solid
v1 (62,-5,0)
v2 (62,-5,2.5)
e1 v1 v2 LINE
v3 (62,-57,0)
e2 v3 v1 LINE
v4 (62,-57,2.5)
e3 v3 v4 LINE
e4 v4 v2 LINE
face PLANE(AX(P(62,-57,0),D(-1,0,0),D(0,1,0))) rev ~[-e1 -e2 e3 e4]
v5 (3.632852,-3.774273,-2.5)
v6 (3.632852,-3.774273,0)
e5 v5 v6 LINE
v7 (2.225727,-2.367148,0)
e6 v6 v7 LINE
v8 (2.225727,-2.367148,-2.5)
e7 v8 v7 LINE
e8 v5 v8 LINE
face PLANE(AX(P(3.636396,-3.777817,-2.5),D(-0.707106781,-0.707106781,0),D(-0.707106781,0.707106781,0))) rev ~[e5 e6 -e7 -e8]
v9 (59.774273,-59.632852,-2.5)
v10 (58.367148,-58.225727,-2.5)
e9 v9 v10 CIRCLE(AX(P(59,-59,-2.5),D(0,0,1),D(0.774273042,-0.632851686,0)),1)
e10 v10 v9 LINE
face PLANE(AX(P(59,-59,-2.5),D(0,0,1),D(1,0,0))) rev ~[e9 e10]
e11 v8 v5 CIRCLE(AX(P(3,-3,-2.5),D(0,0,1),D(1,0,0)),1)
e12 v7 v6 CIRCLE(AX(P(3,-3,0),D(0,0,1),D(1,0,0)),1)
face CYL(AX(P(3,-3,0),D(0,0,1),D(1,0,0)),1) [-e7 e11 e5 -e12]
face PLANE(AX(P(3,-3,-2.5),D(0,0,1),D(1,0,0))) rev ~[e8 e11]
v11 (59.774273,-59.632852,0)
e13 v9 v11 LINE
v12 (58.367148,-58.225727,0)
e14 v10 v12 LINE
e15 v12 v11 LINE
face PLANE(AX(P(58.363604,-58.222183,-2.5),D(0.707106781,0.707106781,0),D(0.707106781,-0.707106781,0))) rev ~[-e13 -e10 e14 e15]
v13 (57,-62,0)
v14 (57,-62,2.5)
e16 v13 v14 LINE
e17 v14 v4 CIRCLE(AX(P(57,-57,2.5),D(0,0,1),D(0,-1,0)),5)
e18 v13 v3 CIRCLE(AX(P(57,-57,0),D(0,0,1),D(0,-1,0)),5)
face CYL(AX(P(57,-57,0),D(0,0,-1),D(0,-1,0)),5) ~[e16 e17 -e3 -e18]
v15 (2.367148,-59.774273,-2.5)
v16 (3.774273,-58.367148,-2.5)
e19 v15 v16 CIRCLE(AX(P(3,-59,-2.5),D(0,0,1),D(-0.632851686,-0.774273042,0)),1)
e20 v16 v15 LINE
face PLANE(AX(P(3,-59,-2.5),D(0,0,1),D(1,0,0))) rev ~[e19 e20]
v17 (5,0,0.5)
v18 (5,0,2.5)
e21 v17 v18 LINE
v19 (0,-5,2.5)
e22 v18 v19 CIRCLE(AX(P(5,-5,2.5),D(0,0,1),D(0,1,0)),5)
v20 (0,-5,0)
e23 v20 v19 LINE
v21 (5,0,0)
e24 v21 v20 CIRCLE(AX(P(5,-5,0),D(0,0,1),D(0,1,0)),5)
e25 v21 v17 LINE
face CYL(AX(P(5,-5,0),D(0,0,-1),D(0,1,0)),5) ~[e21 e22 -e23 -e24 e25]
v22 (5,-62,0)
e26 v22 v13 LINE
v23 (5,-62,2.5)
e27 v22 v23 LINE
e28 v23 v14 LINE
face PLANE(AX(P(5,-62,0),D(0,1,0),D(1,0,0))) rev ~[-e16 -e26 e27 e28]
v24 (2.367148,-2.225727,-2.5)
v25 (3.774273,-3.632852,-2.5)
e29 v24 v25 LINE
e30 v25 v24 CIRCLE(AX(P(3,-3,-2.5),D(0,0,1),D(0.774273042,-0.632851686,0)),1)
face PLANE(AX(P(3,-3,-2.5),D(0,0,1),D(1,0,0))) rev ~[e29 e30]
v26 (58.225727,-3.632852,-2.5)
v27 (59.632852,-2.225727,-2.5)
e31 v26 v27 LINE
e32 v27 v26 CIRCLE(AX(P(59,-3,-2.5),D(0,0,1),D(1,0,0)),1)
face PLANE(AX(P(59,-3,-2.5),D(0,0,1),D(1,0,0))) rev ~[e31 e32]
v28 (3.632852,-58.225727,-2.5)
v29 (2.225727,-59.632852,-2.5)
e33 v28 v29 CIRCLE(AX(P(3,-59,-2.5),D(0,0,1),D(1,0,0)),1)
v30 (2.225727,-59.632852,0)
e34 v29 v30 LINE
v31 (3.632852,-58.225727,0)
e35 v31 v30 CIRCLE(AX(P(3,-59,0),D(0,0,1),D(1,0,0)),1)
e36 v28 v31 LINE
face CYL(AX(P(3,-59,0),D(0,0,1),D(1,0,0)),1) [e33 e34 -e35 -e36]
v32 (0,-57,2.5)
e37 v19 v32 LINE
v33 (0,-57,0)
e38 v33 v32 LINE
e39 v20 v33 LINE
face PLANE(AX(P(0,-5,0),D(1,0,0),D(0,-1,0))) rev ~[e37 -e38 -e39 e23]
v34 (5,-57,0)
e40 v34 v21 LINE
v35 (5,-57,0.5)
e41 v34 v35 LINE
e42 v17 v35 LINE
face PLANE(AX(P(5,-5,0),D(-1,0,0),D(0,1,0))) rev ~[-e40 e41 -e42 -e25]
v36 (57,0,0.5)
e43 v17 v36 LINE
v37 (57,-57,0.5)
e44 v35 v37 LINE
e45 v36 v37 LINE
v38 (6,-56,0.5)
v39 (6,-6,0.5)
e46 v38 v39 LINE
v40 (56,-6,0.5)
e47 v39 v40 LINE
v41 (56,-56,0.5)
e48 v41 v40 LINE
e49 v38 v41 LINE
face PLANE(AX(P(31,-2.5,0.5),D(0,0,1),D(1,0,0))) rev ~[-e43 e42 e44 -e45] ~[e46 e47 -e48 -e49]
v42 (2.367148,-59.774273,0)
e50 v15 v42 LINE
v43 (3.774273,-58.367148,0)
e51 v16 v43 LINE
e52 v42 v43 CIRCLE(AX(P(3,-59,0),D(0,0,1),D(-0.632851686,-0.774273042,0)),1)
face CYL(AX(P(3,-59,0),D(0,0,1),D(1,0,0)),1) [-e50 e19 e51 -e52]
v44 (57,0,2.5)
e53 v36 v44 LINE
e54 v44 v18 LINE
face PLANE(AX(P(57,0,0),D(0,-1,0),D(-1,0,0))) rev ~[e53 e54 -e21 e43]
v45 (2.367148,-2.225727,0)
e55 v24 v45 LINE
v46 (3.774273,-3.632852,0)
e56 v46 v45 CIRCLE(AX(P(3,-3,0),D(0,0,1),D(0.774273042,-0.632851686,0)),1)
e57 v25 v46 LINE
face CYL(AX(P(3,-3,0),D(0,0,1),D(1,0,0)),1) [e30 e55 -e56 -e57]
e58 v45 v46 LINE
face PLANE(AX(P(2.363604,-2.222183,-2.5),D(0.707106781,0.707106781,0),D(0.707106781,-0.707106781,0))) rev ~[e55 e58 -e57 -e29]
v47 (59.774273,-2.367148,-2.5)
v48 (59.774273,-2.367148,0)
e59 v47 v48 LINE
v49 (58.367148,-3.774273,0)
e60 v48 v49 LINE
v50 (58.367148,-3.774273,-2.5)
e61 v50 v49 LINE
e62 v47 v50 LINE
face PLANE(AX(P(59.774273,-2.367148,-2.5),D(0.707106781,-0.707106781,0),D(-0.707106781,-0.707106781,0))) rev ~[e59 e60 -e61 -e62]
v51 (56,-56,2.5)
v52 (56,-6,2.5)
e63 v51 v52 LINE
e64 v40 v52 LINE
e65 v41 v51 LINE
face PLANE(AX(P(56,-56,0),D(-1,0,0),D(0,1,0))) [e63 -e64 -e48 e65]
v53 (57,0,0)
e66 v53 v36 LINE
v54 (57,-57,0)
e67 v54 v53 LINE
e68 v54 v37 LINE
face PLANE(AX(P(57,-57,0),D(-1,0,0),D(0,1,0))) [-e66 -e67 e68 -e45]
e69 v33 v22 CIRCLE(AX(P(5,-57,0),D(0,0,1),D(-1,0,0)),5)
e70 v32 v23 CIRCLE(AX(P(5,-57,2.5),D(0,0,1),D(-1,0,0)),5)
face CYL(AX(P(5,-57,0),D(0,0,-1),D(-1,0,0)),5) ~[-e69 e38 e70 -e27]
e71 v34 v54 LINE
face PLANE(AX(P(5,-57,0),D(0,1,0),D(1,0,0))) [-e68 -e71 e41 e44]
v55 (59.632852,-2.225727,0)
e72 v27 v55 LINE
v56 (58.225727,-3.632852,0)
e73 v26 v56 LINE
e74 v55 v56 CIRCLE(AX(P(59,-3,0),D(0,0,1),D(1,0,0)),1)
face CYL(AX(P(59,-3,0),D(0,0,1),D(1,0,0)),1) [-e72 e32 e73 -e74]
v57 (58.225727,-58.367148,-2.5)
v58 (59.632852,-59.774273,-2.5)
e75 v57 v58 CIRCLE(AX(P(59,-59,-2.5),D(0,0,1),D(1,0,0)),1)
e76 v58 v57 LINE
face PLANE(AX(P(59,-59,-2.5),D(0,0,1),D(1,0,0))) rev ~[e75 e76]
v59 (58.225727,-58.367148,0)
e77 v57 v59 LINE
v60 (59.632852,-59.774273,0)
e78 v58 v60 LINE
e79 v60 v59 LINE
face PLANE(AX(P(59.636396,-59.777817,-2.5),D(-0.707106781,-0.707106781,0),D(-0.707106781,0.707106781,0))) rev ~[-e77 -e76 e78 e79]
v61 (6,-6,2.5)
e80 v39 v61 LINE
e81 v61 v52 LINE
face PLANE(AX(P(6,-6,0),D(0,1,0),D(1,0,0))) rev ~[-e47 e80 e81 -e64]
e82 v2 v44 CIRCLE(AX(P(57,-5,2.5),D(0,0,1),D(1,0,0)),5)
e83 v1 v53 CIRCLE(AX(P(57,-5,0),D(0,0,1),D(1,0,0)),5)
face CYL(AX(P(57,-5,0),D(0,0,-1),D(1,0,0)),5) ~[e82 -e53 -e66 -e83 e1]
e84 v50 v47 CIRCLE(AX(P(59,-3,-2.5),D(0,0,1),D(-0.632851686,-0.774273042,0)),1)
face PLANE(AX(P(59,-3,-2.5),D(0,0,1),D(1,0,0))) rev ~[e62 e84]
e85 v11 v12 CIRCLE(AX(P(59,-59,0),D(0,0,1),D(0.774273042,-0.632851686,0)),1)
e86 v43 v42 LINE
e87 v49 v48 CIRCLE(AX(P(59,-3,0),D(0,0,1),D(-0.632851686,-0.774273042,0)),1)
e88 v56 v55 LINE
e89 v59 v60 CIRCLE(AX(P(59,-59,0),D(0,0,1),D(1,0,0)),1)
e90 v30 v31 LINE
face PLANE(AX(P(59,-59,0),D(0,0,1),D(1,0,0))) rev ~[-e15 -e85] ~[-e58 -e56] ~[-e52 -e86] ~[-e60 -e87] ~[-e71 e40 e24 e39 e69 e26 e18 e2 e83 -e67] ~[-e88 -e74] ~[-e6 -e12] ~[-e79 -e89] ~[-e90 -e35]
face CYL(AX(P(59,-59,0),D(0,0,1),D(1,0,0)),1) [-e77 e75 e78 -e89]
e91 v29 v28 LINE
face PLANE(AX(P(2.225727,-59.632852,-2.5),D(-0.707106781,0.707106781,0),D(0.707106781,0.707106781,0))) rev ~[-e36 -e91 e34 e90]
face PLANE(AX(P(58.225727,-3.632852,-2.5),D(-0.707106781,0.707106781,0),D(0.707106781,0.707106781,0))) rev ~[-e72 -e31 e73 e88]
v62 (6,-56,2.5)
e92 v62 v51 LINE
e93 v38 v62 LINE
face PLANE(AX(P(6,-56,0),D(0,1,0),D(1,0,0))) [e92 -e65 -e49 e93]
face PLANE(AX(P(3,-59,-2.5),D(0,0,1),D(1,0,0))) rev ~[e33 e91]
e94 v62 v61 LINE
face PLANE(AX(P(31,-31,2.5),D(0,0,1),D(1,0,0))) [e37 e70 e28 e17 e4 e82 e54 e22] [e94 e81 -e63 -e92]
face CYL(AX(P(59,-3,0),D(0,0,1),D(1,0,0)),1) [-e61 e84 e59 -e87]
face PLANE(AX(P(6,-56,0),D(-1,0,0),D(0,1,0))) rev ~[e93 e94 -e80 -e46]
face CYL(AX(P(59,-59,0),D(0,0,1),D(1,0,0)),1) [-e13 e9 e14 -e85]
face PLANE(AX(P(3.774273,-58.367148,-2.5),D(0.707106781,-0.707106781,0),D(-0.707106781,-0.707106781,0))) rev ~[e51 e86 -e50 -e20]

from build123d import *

# Parameters (mm, degrees)
F0_R          = 1
F0_W          = 52
F0_H          = 52
F0_W_2        = 50
F0_H_2        = 50
F1_DEPTH      = 2.5
F2_DEPTH      = 0.5
F3_W          = 52
F3_H          = 5
F4_DEPTH      = 0.5
F5_DEPTH      = 2.5
F5_DEPTH_BACK = 2.5
F7_DEPTH      = 2.5
F9_DEPTH      = 2.5


with BuildPart() as f1:
    # F0 (on Top) → F1 (new body)
    with BuildSketch(Plane.XY):
        with BuildLine():
            Line((57, 0), (5, 0))
            ThreePointArc((5, 0), (1.4644660941, -1.4644660941), (0, -5))
            Line((0, -5), (0, -57))
            ThreePointArc((0, -57), (1.4644660941, -60.5355339059), (5, -62))
            Line((5, -62), (57, -62))
            ThreePointArc((57, -62), (60.5355339059, -60.5355339059), (62, -57))
            Line((62, -57), (62, -5))
            ThreePointArc((62, -5), (60.5355339059, -1.4644660941), (57, 0))
        make_face()
        with Locations((3, -59)):
            Circle(F0_R, mode=Mode.SUBTRACT)
        with Locations((59, -59)):
            Circle(F0_R, mode=Mode.SUBTRACT)
        with Locations((3, -3)):
            Circle(F0_R, mode=Mode.SUBTRACT)
        with Locations((31, -31)):
            Rectangle(F0_W, F0_H, mode=Mode.SUBTRACT)
        with Locations((59, -3)):
            Circle(F0_R, mode=Mode.SUBTRACT)
        with Locations((31, -31)):
            Rectangle(F0_W, F0_H)
        with Locations((31, -31)):
            Rectangle(F0_W_2, F0_H_2, mode=Mode.SUBTRACT)
    extrude(amount=F1_DEPTH)

    # F0 (on Top) → F2 (cut)
    with BuildSketch(Plane.XY):
        with Locations((31, -31)):
            Rectangle(F0_W, F0_H)
        with Locations((31, -31)):
            Rectangle(F0_W_2, F0_H_2, mode=Mode.SUBTRACT)
    extrude(amount=F2_DEPTH, mode=Mode.SUBTRACT)

    # F3 (on face) → F4 (cut)
    with BuildSketch(Plane.XY):
        with Locations((31, -2.5)):
            Rectangle(F3_W, F3_H)
    extrude(amount=F4_DEPTH, mode=Mode.SUBTRACT)

    # F0 (on Top) → F5 (join, two sides)
    with BuildSketch(Plane.XY) as f5_sk:
        with Locations((59, -59)):
            Circle(F0_R)
        with Locations((59, -3)):
            Circle(F0_R)
        with Locations((3, -3)):
            Circle(F0_R)
        with Locations((3, -59)):
            Circle(F0_R)
    extrude(amount=F5_DEPTH)
    extrude(f5_sk.sketch, amount=-F5_DEPTH_BACK)

    # F6 (on face) → F7 (cut)
    with BuildSketch(Plane(origin=(0, 0, -2.5), x_dir=(1, 0, 0), z_dir=(0, 0, -1))):
        with BuildLine():
            ThreePointArc((58.3671483141, 3.7742730421), (58.2928932188, 3.7071067812), (58.2257269579, 3.6328516859))
            Line((58.2257269579, 3.6328516859), (59.6328516859, 2.2257269579))
            ThreePointArc((59.6328516859, 2.2257269579), (59.7071067812, 2.2928932188), (59.7742730421, 2.3671483141))
            Line((59.7742730421, 2.3671483141), (58.3671483141, 3.7742730421))
        make_face()
    extrude(amount=-F7_DEPTH, mode=Mode.SUBTRACT)

    # F8 (on face) → F9 (cut)
    with BuildSketch(Plane(origin=(0, 0, -2.5), x_dir=(1, 0, 0), z_dir=(0, 0, -1))):
        with BuildLine():
            ThreePointArc((58.2221825407, 58.3636038969), (58.2221825407, 58.2221825407), (58.3636038969, 58.2221825407))
            Line((58.3636038969, 58.2221825407), (59.7778174593, 59.6363961031))
            ThreePointArc((59.7778174593, 59.6363961031), (59.7778174593, 59.7778174593), (59.6363961031, 59.7778174593))
            Line((59.6363961031, 59.7778174593), (58.2221825407, 58.3636038969))
        make_face()
        with BuildLine():
            ThreePointArc((2.2221825407, 2.3636038969), (2.2221825407, 2.2221825407), (2.3636038969, 2.2221825407))
            Line((2.3636038969, 2.2221825407), (3.7778174593, 3.6363961031))
            ThreePointArc((3.7778174593, 3.6363961031), (3.7778174593, 3.7778174593), (3.6363961031, 3.7778174593))
            Line((3.6363961031, 3.7778174593), (2.2221825407, 2.3636038969))
        make_face()
        with BuildLine():
            ThreePointArc((2.3671483141, 59.7742730421), (2.2928932188, 59.7071067812), (2.2257269579, 59.6328516859))
            Line((2.2257269579, 59.6328516859), (3.6328516859, 58.2257269579))
            ThreePointArc((3.6328516859, 58.2257269579), (3.7071067812, 58.2928932188), (3.7742730421, 58.3671483141))
            Line((3.7742730421, 58.3671483141), (2.3671483141, 59.7742730421))
        make_face()
    extrude(amount=-F9_DEPTH, mode=Mode.SUBTRACT)


solid = f1.part
